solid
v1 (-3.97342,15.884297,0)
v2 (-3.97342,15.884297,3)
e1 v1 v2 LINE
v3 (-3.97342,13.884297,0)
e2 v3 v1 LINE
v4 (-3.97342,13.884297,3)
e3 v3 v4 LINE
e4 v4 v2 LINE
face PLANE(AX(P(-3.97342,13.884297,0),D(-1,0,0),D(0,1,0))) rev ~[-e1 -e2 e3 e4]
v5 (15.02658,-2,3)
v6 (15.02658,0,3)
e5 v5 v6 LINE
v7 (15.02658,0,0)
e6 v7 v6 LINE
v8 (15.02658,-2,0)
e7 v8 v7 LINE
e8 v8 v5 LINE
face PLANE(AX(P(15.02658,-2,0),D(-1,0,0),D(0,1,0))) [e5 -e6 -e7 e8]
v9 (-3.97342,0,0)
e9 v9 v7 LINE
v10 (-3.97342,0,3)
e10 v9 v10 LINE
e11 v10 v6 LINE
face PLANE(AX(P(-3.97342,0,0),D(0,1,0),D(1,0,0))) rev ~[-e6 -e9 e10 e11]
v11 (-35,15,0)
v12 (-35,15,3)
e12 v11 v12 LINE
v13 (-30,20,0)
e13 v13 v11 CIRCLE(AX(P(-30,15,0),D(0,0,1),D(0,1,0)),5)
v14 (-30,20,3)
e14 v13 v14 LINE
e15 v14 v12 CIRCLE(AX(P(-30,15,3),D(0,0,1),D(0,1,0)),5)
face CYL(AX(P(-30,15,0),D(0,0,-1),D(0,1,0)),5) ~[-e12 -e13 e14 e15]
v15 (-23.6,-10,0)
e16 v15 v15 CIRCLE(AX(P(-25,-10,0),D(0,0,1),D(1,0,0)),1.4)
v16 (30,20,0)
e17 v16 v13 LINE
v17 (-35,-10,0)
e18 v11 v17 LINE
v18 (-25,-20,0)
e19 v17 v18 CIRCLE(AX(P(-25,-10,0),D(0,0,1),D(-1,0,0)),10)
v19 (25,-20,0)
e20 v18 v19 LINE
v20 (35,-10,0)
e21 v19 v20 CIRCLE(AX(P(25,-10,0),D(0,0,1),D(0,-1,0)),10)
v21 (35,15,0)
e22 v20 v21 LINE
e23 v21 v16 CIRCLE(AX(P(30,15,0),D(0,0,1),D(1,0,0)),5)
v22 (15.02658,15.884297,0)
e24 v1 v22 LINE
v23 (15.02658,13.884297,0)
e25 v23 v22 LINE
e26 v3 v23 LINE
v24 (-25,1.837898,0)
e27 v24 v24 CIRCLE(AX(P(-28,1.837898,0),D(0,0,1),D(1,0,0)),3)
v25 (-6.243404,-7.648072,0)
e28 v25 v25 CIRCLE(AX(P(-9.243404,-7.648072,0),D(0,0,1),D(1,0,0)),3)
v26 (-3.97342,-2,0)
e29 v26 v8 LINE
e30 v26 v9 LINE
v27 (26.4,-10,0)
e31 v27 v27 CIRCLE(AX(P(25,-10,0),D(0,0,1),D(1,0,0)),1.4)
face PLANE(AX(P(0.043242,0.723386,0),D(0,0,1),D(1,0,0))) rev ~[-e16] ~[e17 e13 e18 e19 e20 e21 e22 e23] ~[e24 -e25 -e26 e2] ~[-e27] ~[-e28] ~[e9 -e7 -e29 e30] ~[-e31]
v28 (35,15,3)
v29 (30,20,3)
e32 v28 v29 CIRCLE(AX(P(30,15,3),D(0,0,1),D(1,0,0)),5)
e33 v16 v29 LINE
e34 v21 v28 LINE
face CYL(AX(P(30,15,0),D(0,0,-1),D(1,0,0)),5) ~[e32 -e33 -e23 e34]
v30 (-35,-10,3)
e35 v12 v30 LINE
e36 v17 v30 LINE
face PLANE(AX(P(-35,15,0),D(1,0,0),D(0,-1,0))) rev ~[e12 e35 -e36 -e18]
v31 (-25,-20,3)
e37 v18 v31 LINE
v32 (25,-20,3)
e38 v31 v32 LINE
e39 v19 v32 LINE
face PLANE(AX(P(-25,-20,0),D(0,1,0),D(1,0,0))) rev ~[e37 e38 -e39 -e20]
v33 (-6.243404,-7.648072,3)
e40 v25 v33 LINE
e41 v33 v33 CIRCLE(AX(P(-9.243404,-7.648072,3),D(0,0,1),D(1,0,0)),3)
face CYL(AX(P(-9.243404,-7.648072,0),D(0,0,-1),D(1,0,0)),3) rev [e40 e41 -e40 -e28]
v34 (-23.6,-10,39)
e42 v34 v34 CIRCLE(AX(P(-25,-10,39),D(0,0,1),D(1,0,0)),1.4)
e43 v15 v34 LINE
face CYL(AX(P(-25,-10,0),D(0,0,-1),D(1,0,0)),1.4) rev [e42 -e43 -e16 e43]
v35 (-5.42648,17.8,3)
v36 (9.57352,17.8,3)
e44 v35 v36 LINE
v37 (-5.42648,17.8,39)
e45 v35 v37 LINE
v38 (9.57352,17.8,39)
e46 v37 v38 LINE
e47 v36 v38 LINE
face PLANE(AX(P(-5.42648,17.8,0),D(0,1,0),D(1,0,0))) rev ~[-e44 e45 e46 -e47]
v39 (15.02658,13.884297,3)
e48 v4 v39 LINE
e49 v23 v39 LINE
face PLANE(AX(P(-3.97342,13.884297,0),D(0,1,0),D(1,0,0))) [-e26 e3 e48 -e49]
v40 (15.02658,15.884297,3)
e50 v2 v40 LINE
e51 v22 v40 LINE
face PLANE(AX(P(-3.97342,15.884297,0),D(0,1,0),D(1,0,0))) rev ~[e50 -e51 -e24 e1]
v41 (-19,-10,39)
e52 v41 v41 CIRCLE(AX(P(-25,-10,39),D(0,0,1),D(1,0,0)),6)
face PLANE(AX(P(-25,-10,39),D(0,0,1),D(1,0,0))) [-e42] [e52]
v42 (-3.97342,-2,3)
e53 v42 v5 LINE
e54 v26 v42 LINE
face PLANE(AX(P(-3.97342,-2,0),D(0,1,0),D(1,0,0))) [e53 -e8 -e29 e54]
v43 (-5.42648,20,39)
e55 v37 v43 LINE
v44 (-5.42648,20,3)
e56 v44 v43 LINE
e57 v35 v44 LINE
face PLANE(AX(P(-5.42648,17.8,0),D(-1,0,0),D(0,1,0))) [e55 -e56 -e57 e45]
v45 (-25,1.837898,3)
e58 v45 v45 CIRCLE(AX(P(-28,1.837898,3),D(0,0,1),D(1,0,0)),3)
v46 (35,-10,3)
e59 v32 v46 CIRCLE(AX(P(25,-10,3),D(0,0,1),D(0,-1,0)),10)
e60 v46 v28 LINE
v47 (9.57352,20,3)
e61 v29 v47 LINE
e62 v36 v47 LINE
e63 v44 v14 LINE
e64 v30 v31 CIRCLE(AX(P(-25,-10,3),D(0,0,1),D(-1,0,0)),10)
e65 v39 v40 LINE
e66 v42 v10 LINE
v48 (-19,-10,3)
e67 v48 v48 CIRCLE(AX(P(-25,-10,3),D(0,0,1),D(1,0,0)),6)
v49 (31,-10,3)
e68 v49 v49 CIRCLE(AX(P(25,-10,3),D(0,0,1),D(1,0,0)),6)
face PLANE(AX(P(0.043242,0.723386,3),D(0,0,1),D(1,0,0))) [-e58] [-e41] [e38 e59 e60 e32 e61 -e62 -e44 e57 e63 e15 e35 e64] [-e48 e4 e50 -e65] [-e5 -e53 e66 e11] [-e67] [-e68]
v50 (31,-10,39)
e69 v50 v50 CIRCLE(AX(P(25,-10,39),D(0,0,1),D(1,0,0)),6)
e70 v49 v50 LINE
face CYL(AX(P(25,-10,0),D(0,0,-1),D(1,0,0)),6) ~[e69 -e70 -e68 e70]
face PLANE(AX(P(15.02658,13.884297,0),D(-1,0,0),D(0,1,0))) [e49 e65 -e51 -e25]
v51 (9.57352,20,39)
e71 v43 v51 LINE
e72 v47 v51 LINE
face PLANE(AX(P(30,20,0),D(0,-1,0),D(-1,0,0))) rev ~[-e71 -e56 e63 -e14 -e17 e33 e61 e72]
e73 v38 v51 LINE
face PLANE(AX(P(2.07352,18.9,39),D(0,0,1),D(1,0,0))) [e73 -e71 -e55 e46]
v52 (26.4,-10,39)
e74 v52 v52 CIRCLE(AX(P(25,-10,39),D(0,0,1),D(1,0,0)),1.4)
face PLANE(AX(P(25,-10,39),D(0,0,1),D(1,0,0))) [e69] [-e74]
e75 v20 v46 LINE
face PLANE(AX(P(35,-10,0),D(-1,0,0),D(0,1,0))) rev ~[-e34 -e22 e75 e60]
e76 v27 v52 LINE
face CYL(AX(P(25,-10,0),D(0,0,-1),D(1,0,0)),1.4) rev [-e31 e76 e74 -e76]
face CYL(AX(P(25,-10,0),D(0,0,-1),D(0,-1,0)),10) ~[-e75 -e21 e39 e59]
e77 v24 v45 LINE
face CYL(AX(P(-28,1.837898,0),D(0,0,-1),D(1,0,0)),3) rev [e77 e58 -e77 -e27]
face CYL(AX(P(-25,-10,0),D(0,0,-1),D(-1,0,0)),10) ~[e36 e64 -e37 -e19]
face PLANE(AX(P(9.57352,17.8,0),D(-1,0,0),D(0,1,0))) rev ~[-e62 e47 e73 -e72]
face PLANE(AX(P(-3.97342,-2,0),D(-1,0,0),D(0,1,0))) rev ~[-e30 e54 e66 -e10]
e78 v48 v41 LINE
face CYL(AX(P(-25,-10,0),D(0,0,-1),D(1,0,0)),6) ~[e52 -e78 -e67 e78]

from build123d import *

# Parameters (mm, degrees)
F0_R     = 6
F0_R_2   = 1.4
F1_DEPTH = 39
F0_W     = 15
F0_H     = 2.2
F0_R_3   = 3
F0_W_2   = 19
F0_H_2   = 2
F2_DEPTH = 3


with BuildPart() as f1:
    # F0 (on Top) → F1 (new body)
    with BuildSketch(Plane.XY):
        with Locations((25, -10)):
            Circle(F0_R)
        with Locations((25, -10)):
            Circle(F0_R_2, mode=Mode.SUBTRACT)
    extrude(amount=F1_DEPTH)



with BuildPart() as f1b:
    # F0 (on Top) → F1, piece 2 (new body)
    with BuildSketch(Plane.XY):
        with Locations((-25, -10)):
            Circle(F0_R)
        with Locations((-25, -10)):
            Circle(F0_R_2, mode=Mode.SUBTRACT)
    extrude(amount=F1_DEPTH)


with BuildPart() as f1c:
    # F0 (on Top) → F1, piece 3 (new body)
    with BuildSketch(Plane.XY):
        with Locations((2.0735195652, 18.9)):
            Rectangle(F0_W, F0_H)
    extrude(amount=F1_DEPTH)


with BuildPart() as f1_1:
    add(f1.part)

    add(f1b.part)  # F2 merges F1b

    add(f1c.part)  # F2 merges F1c
    # F0 (on Top) → F2 (join)
    with BuildSketch(Plane.XY):
        with BuildLine():
            ThreePointArc((35, 15), (33.5355339059, 18.5355339059), (30, 20))
            Line((30, 20), (9.5735195652, 20))
            Line((9.5735195652, 20), (9.5735195652, 17.8))
            Line((9.5735195652, 17.8), (-5.4264804348, 17.8))
            Line((-5.4264804348, 17.8), (-5.4264804348, 20))
            Line((-5.4264804348, 20), (-30, 20))
            ThreePointArc((-30, 20), (-33.5355339059, 18.5355339059), (-35, 15))
            Line((-35, 15), (-35, -10))
            ThreePointArc((-35, -10), (-32.0710678119, -17.0710678119), (-25, -20))
            Line((-25, -20), (25, -20))
            ThreePointArc((25, -20), (32.0710678119, -17.0710678119), (35, -10))
            Line((35, -10), (35, 15))
        make_face()
        with Locations((-25, -10)):
            Circle(F0_R, mode=Mode.SUBTRACT)
        with Locations((-9.2434035614, -7.6480722055)):
            Circle(F0_R_3, mode=Mode.SUBTRACT)
        with Locations((5.526580222, -1)):
            Rectangle(F0_W_2, F0_H_2, mode=Mode.SUBTRACT)
        with Locations((25, -10)):
            Circle(F0_R, mode=Mode.SUBTRACT)
        with Locations((-28, 1.8378978129)):
            Circle(F0_R_3, mode=Mode.SUBTRACT)
        with Locations((5.526580222, 14.8842966408)):
            Rectangle(F0_W_2, F0_H_2, mode=Mode.SUBTRACT)
        with Locations((2.0735195652, 18.9)):
            Rectangle(F0_W, F0_H)
    extrude(amount=F2_DEPTH)


solid = f1_1.part
